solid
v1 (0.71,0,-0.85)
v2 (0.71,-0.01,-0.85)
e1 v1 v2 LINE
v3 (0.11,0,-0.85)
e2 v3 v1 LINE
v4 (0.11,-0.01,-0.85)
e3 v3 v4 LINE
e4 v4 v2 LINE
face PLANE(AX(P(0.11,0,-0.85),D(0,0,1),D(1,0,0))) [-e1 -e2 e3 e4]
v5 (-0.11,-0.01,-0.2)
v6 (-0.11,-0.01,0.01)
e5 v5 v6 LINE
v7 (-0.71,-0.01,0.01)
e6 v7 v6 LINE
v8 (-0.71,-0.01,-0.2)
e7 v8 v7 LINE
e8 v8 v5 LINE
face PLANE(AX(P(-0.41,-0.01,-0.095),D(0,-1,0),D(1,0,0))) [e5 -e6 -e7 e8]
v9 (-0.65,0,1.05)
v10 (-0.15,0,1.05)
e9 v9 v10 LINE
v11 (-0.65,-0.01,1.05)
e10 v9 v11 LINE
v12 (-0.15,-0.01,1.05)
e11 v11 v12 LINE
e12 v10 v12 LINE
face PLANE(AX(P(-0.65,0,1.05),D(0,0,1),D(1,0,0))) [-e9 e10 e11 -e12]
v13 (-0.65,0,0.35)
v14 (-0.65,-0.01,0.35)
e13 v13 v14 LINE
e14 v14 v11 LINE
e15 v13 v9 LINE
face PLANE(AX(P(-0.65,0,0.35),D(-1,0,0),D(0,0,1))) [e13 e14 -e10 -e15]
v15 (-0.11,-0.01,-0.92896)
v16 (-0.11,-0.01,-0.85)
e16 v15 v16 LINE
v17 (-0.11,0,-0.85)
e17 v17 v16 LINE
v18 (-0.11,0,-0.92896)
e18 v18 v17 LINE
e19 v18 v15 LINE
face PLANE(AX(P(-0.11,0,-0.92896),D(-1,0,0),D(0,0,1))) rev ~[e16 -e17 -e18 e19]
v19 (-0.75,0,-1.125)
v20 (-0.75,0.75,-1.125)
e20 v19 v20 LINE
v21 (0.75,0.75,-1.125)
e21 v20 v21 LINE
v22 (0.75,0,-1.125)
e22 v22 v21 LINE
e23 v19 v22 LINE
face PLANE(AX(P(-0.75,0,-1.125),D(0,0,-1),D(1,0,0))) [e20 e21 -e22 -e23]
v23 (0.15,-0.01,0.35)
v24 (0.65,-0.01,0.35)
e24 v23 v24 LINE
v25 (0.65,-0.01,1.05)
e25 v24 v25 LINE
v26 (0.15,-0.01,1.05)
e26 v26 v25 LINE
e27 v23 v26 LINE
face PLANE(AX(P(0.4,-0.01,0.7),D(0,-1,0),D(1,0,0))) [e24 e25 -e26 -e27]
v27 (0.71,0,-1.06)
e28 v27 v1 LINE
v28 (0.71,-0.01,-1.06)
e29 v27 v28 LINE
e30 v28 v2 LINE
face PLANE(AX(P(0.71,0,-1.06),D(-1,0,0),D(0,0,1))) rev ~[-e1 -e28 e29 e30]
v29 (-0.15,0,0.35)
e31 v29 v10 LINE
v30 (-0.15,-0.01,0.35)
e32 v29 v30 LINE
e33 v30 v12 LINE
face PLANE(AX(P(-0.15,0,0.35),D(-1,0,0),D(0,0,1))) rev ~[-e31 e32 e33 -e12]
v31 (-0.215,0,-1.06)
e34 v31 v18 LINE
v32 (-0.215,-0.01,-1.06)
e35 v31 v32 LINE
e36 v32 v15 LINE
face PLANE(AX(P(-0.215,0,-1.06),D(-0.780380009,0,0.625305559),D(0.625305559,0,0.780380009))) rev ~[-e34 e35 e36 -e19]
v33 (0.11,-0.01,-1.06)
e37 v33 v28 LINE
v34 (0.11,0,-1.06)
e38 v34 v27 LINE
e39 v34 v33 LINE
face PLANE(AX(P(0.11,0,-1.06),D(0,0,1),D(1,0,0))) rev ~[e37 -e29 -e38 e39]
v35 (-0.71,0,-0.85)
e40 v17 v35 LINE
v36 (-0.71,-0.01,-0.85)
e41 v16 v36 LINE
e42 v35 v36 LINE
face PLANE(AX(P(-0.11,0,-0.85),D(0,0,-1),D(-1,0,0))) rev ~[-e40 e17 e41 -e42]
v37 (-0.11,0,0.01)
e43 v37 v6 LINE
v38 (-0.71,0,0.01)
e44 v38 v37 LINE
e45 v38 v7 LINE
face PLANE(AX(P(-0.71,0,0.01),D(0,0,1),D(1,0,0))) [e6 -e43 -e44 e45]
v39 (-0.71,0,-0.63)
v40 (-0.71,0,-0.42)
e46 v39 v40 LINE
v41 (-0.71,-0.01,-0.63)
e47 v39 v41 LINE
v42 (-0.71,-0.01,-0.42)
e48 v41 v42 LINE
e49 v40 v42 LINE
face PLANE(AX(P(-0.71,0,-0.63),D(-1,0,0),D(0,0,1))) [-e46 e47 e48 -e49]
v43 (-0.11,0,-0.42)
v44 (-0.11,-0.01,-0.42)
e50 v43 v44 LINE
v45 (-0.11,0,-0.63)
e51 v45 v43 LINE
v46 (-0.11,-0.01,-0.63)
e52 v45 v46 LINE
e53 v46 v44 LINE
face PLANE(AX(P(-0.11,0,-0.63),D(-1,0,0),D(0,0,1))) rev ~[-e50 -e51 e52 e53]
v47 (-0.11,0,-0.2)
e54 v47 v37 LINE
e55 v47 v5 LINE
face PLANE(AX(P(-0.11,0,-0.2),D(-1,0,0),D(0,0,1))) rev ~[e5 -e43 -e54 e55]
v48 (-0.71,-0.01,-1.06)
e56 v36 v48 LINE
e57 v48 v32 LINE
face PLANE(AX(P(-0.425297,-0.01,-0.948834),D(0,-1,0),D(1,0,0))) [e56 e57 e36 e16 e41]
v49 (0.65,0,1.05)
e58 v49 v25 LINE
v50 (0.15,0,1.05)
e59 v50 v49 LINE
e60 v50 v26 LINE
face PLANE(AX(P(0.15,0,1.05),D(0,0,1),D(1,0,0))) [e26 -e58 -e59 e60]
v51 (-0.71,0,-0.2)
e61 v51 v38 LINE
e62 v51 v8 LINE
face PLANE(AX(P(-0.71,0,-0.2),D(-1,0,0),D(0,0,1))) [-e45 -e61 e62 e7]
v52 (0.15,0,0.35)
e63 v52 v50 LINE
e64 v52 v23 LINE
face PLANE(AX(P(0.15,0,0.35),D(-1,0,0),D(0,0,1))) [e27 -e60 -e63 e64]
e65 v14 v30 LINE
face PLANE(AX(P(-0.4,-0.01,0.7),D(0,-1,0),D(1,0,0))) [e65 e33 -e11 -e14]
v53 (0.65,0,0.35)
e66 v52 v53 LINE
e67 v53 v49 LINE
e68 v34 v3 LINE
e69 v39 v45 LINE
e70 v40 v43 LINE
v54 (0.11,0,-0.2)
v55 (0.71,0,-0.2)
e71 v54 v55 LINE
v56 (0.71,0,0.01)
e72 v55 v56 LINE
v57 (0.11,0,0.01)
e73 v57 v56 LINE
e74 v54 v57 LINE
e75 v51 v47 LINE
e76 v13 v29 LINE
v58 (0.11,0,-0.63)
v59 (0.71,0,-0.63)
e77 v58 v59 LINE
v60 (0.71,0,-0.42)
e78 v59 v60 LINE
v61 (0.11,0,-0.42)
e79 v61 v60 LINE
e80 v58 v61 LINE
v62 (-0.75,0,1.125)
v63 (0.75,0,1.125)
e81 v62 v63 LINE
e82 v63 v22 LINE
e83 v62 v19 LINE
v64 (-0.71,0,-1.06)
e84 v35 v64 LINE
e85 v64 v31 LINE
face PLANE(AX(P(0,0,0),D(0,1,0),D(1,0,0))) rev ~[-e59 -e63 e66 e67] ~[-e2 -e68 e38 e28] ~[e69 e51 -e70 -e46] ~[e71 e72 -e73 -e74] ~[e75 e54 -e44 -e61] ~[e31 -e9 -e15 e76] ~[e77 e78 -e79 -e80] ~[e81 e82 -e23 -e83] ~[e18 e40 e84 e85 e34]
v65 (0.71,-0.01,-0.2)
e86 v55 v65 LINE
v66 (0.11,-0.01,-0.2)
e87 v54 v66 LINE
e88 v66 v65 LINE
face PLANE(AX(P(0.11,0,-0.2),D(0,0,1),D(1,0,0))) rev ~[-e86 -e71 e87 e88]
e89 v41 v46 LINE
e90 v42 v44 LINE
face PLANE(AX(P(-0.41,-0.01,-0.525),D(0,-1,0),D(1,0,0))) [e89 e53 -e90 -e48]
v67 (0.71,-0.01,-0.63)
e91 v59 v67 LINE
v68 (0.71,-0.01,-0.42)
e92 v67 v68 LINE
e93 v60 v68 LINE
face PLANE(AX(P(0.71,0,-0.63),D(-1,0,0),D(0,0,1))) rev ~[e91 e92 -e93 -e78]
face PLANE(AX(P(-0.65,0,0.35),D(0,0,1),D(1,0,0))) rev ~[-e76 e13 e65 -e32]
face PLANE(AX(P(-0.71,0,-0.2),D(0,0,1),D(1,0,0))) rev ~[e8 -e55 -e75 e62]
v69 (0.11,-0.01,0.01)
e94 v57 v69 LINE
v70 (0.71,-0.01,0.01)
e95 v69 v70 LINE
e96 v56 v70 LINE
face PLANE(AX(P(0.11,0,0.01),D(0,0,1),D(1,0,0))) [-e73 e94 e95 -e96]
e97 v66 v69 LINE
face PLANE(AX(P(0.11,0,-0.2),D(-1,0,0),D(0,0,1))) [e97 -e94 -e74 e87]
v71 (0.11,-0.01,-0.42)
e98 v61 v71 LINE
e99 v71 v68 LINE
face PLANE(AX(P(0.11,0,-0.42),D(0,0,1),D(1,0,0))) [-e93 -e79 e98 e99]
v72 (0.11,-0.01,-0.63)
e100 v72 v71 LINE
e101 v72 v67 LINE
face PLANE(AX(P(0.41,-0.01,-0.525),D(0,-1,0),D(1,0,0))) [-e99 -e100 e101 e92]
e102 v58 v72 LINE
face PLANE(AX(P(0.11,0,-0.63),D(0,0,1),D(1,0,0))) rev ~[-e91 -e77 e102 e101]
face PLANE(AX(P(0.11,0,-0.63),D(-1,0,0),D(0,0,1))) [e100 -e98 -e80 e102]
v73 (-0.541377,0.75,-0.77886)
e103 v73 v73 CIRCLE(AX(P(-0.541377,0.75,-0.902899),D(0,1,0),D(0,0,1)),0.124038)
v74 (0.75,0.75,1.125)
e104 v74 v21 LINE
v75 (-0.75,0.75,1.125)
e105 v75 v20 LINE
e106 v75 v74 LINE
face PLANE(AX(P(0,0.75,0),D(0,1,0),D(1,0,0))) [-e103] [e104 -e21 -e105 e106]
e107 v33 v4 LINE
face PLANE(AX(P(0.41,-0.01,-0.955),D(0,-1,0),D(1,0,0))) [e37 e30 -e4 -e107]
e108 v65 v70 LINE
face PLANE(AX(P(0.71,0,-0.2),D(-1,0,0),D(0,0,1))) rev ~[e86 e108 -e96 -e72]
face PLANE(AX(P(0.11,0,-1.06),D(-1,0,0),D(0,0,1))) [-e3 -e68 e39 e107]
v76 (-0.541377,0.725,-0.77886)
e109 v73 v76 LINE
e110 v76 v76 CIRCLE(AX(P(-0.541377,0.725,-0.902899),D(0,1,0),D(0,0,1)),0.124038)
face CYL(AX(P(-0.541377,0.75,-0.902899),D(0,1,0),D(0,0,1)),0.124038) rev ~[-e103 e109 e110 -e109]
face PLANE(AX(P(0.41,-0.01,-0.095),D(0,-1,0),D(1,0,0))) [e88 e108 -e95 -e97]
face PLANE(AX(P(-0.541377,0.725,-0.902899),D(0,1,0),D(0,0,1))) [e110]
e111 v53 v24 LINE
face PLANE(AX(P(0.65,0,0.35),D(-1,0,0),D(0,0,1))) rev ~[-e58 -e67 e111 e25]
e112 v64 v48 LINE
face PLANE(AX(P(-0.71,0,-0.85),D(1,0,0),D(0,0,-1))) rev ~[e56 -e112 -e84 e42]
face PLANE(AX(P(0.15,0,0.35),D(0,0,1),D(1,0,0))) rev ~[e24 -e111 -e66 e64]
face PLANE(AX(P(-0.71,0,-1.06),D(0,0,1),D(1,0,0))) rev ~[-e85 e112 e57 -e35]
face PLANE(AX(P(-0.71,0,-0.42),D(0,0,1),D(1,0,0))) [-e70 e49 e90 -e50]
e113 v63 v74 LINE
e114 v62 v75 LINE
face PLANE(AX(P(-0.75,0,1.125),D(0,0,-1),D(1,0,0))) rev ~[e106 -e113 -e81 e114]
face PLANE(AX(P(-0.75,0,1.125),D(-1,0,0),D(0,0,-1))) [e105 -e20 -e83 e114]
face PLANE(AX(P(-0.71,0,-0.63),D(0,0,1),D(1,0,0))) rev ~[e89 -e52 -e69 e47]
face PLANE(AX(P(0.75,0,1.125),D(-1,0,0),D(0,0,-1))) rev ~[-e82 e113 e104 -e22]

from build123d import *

# Parameters (mm, degrees)
SKETCH1_W           = 1.5
SKETCH1_H           = 2.25
BOSS_EXTRUDE1_DEPTH = 0.75
SKETCH2_R           = 0.124038388
CUT_EXTRUDE1_DEPTH  = 0.025
SKETCH3_W           = 0.5
SKETCH3_H           = 0.7
SKETCH3_W_2         = 0.6
SKETCH3_H_2         = 0.21
BOSS_EXTRUDE2_DEPTH = 0.01


with BuildPart() as part:
    # Sketch1 → Boss-Extrude1 (new body)
    with BuildSketch(Plane(origin=(0, 0, 0), x_dir=(1, 0, 0), z_dir=(0, 1, 0))):
        Rectangle(SKETCH1_W, SKETCH1_H)
    extrude(amount=BOSS_EXTRUDE1_DEPTH)

    # Sketch2 → Cut-Extrude1 (cut)
    with BuildSketch(Plane(origin=(0, 0.75, 0), x_dir=(1, 0, 0), z_dir=(0, 1, 0))):
        with Locations(Location((-0.541377071, 0.902898767, 0), (0, 0, 270))):
            Circle(SKETCH2_R)
    extrude(amount=-CUT_EXTRUDE1_DEPTH, mode=Mode.SUBTRACT)

    # Sketch3 → Boss-Extrude2 (add)
    with BuildSketch(Plane.XZ):
        with Locations((0.4, 0.7)):
            Rectangle(SKETCH3_W, SKETCH3_H)
        with Locations((-0.4, 0.7)):
            Rectangle(SKETCH3_W, SKETCH3_H)
        with Locations((0.41, -0.095)):
            Rectangle(SKETCH3_W_2, SKETCH3_H_2)
        with Locations((-0.41, -0.095)):
            Rectangle(SKETCH3_W_2, SKETCH3_H_2)
        with Locations((0.41, -0.525)):
            Rectangle(SKETCH3_W_2, SKETCH3_H_2)
        with Locations((0.41, -0.955)):
            Rectangle(SKETCH3_W_2, SKETCH3_H_2)
        with Locations((-0.41, -0.525)):
            Rectangle(SKETCH3_W_2, SKETCH3_H_2)
        Polygon((-0.71, -0.85), (-0.71, -1.06), (-0.215, -1.06), (-0.11, -0.928960223), (-0.11, -0.85), align=None)
    extrude(amount=BOSS_EXTRUDE2_DEPTH)


solid = part.part
